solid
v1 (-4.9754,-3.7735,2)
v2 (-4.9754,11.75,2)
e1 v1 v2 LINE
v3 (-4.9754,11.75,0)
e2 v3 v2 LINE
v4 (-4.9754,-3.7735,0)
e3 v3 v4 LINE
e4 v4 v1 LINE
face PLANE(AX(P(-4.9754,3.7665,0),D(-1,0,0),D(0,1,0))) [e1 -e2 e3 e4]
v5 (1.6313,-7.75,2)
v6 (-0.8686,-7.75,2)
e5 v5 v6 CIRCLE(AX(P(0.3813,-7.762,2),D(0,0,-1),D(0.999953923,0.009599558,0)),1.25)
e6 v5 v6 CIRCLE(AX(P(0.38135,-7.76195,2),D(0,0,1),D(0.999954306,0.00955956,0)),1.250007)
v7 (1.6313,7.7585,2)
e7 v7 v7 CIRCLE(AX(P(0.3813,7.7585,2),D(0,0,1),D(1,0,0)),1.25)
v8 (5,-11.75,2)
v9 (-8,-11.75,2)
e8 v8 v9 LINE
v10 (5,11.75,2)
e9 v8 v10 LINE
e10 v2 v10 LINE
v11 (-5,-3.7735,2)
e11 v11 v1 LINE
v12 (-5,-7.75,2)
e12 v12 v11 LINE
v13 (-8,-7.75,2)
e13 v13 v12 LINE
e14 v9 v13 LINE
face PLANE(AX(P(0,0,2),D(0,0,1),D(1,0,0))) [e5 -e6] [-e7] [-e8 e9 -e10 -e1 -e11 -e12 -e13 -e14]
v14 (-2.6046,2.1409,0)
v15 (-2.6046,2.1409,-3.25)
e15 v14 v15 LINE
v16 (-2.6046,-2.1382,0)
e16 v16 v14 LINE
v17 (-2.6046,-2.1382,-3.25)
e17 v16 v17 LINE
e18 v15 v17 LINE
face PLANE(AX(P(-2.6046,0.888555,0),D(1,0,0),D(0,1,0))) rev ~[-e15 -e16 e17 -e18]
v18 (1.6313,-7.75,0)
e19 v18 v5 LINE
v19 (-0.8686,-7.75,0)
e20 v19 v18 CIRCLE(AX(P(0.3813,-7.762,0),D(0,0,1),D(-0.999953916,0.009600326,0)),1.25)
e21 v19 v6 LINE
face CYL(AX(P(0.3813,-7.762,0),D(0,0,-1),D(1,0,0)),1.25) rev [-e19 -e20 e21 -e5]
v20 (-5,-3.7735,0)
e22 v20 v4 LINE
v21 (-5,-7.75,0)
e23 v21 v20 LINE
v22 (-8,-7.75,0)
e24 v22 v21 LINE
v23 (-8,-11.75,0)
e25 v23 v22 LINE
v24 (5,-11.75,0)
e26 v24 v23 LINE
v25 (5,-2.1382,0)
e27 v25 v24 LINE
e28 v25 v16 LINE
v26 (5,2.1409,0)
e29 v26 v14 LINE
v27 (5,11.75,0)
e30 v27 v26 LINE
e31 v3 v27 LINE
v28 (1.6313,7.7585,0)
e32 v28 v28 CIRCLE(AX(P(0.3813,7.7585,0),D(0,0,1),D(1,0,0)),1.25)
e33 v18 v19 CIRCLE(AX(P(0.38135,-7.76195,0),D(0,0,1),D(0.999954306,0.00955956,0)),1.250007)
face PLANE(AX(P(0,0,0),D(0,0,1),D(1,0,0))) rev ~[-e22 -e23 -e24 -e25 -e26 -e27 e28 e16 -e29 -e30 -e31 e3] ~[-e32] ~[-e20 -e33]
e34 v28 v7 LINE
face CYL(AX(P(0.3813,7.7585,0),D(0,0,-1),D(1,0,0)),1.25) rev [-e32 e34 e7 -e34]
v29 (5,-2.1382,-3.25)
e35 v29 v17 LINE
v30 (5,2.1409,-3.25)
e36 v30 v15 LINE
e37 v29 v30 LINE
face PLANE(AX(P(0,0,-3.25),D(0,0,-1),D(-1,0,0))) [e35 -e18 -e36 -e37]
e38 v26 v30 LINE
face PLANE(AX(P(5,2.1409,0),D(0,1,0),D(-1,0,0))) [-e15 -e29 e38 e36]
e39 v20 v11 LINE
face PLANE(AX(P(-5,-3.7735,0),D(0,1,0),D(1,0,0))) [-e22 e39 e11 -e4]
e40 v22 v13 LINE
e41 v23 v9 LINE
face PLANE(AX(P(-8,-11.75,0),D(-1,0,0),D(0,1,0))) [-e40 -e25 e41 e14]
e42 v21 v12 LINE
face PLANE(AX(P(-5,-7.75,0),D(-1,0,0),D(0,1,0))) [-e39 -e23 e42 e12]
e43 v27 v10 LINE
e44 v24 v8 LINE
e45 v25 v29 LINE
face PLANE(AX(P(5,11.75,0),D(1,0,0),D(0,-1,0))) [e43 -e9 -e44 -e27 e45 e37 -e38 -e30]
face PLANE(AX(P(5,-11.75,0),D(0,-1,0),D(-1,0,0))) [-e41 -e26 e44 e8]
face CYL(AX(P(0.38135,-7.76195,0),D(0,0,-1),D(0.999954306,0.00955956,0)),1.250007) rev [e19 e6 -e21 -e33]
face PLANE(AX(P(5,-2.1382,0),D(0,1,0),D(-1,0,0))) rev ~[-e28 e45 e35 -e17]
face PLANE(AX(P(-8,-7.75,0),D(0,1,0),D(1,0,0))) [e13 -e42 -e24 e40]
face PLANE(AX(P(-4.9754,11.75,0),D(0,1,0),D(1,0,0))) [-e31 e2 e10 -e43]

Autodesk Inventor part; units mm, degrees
ref_plane "YZ Plane" through (0, 0, 0) normal (1, 0, 0) x (0, 1, 0)
ref_plane "XZ Plane" through (0, 0, 0) normal (0, 1, 0) x (-1, 0, 0)
sketch "Эскиз1" plane through (0, 0, 0) normal (0, 0, 1) x (1, 0, 0)
  circle A0 centre (0.3813, 7.7585) radius 1.25 projected
  line L0 (-4.9754, 3.7665) -> (-4.9754, 11.75) projected
  line L1 (5, 3.7665) -> (-4.9754, 3.7665) projected
  line L2 (5, 11.75) -> (5, 3.7665) projected
  line L3 (-4.9754, 11.75) -> (5, 11.75) projected
  arc A1 (1.6313, -7.75) -> (-0.8686, -7.75) centre (0.3813, -7.762) ccw projected
  line L4 (-0.8686, -7.75) -> (1.6313, -7.75) projected
  line L5 (5, -11.75) -> (-8, -11.75) projected
  line L6 (5, -3.7735) -> (5, -11.75) projected
  line L7 (-5, -3.7735) -> (5, -3.7735) projected
  line L8 (-5, -7.75) -> (-5, -3.7735) projected
  line L9 (-8, -7.75) -> (-5, -7.75) projected
  line L10 (-8, -11.75) -> (-8, -7.75) projected
  line L11 (3.0114, -0.7535) -> (3.0052, -0.7535) projected
  line L12 (3.0114, -0.7535) -> (3.0114, -0.7535) projected
  arc A2 (3.5595, -1.3518) -> (3.0114, -0.7535) centre (3.0062, -1.3085) ccw projected
  arc A3 (3.5595, -1.3518) -> (3.709, -1.5135) centre (3.709, -1.3635) ccw projected
  line L13 (4.3002, -1.5135) -> (3.709, -1.5135) projected
  arc A4 (4.3002, -1.5135) -> (4.4502, -1.3635) centre (4.3002, -1.3635) ccw projected
  line L14 (4.4502, -1.2761) -> (4.4502, -1.3635) projected
  line L15 (4.4521, -1.2761) -> (4.4502, -1.2761) projected
  arc A5 (5, -0.7535) -> (4.4521, -1.2761) centre (5.0062, -1.3085) ccw projected
  line L16 (5, 0.7465) -> (5, -0.7535) projected
  arc A6 (4.4521, 1.2691) -> (5, 0.7465) centre (5.0062, 1.3015) ccw projected
  line L17 (4.4502, 1.2691) -> (4.4521, 1.2691) projected
  line L18 (4.4502, 1.3565) -> (4.4502, 1.2691) projected
  arc A7 (4.4502, 1.3565) -> (4.3002, 1.5065) centre (4.3002, 1.3565) ccw projected
  line L19 (3.709, 1.5065) -> (4.3002, 1.5065) projected
  arc A8 (3.709, 1.5065) -> (3.5595, 1.3448) centre (3.709, 1.3565) ccw projected
  arc A9 (3.0114, 0.7465) -> (3.5595, 1.3448) centre (3.0062, 1.3015) ccw projected
  line L20 (3.0114, 0.7465) -> (3.0114, 0.7465) projected
  line L21 (3.0052, 0.7465) -> (3.0114, 0.7465) projected
  line L22 (3.0052, 0.7465) -> (3.0052, 0.7465) projected
  arc A10 (2.4583, 1.2691) -> (3.0052, 0.7465) centre (3.0123, 1.3015) ccw projected
  line L23 (2.4564, 1.2691) -> (2.4583, 1.2691) projected
  line L24 (2.4564, 1.3565) -> (2.4564, 1.2691) projected
  arc A11 (2.4564, 1.3565) -> (2.3064, 1.5065) centre (2.3064, 1.3565) ccw projected
  line L25 (1.7152, 1.5065) -> (2.3064, 1.5065) projected
  arc A12 (1.7152, 1.5065) -> (1.5656, 1.3448) centre (1.7152, 1.3565) ccw projected
  arc A13 (1.0175, 0.7465) -> (1.5656, 1.3448) centre (1.0123, 1.3015) ccw projected
  line L26 (1.0175, 0.7465) -> (1.0175, 0.7465) projected
  line L27 (1.0114, 0.7465) -> (1.0175, 0.7465) projected
  line L28 (1.0114, 0.7465) -> (1.0114, 0.7465) projected
  arc A14 (0.4644, 1.2691) -> (1.0114, 0.7465) centre (1.0185, 1.3015) ccw projected
  line L29 (0.4625, 1.2691) -> (0.4644, 1.2691) projected
  line L30 (0.4625, 1.3565) -> (0.4625, 1.2691) projected
  arc A15 (0.4625, 1.3565) -> (0.3125, 1.5065) centre (0.3125, 1.3565) ccw projected
  line L31 (-0.2787, 1.5065) -> (0.3125, 1.5065) projected
  arc A16 (-0.2787, 1.5065) -> (-0.4282, 1.3448) centre (-0.2787, 1.3565) ccw projected
  arc A17 (-0.9763, 0.7465) -> (-0.4282, 1.3448) centre (-0.9815, 1.3015) ccw projected
  line L32 (-0.9763, 0.7465) -> (-0.9763, 0.7465) projected
  line L33 (-0.9825, 0.7465) -> (-0.9763, 0.7465) projected
  line L34 (-0.9825, 0.7465) -> (-0.9825, 0.7465) projected
  arc A18 (-1.5294, 1.2691) -> (-0.9825, 0.7465) centre (-0.9754, 1.3015) ccw projected
  line L35 (-1.5313, 1.2691) -> (-1.5294, 1.2691) projected
  line L36 (-1.5313, 1.3565) -> (-1.5313, 1.2691) projected
  arc A19 (-1.5313, 1.3565) -> (-1.6813, 1.5065) centre (-1.6813, 1.3565) ccw projected
  line L37 (-2.2725, 1.5065) -> (-1.6813, 1.5065) projected
  arc A20 (-2.2725, 1.5065) -> (-2.4221, 1.3448) centre (-2.2725, 1.3565) ccw projected
  arc A21 (-2.9754, 0.7465) -> (-2.4221, 1.3448) centre (-2.9754, 1.3015) ccw projected
  line L38 (-2.9754, 0.7465) -> (-2.9754, 2.2665) projected
  line L39 (5, 2.2665) -> (-2.9754, 2.2665) projected
  line L40 (5, 3.7665) -> (5, 2.2665) projected
  line L41 (-4.9754, 3.7665) -> (5, 3.7665) projected
  line L42 (-4.9754, -3.7735) -> (-4.9754, 3.7665) projected
  line L43 (5, -3.7735) -> (-4.9754, -3.7735) projected
  line L44 (5, -2.2735) -> (5, -3.7735) projected
  line L45 (-2.9754, -2.2735) -> (5, -2.2735) projected
  line L46 (-2.9754, -2.2735) -> (-2.9754, -0.7535) projected
  arc A22 (-2.4221, -1.3518) -> (-2.9754, -0.7535) centre (-2.9754, -1.3085) ccw projected
  arc A23 (-2.4221, -1.3518) -> (-2.2725, -1.5135) centre (-2.2725, -1.3635) ccw projected
  line L47 (-1.6813, -1.5135) -> (-2.2725, -1.5135) projected
  arc A24 (-1.6813, -1.5135) -> (-1.5313, -1.3635) centre (-1.6813, -1.3635) ccw projected
  line L48 (-1.5313, -1.2761) -> (-1.5313, -1.3635) projected
  line L49 (-1.5294, -1.2761) -> (-1.5313, -1.2761) projected
  arc A25 (-0.9825, -0.7535) -> (-1.5294, -1.2761) centre (-0.9754, -1.3085) ccw projected
  line L50 (-0.9825, -0.7535) -> (-0.9825, -0.7535) projected
  line L51 (-0.9763, -0.7535) -> (-0.9825, -0.7535) projected
  line L52 (-0.9763, -0.7535) -> (-0.9763, -0.7535) projected
  arc A26 (-0.4282, -1.3518) -> (-0.9763, -0.7535) centre (-0.9815, -1.3085) ccw projected
  arc A27 (-0.4282, -1.3518) -> (-0.2787, -1.5135) centre (-0.2787, -1.3635) ccw projected
  line L53 (0.3125, -1.5135) -> (-0.2787, -1.5135) projected
  arc A28 (0.3125, -1.5135) -> (0.4625, -1.3635) centre (0.3125, -1.3635) ccw projected
  line L54 (0.4625, -1.2761) -> (0.4625, -1.3635) projected
  line L55 (0.4644, -1.2761) -> (0.4625, -1.2761) projected
  arc A29 (1.0114, -0.7535) -> (0.4644, -1.2761) centre (1.0185, -1.3085) ccw projected
  line L56 (1.0114, -0.7535) -> (1.0114, -0.7535) projected
  line L57 (1.0175, -0.7535) -> (1.0114, -0.7535) projected
  line L58 (1.0175, -0.7535) -> (1.0175, -0.7535) projected
  arc A30 (1.5656, -1.3518) -> (1.0175, -0.7535) centre (1.0123, -1.3085) ccw projected
  arc A31 (1.5656, -1.3518) -> (1.7152, -1.5135) centre (1.7152, -1.3635) ccw projected
  line L59 (2.3064, -1.5135) -> (1.7152, -1.5135) projected
  arc A32 (2.3064, -1.5135) -> (2.4564, -1.3635) centre (2.3064, -1.3635) ccw projected
  line L60 (2.4564, -1.2761) -> (2.4564, -1.3635) projected
  line L61 (2.4583, -1.2761) -> (2.4564, -1.2761) projected
  arc A33 (3.0052, -0.7535) -> (2.4583, -1.2761) centre (3.0123, -1.3085) ccw projected
  line L62 (3.0052, -0.7535) -> (3.0052, -0.7535) projected
  circle A34 centre (0.3813, -7.762) radius 1.25
  line L63 (5, 2.2665) -> (5, -2.2735)
  point P0 (0, 0)
  point P1 (5, -0.7535)
  point P2 (-0.8686, -7.75)
extrude "Выдавливание1" add sketch "Эскиз1" along normal blind 2
sketch "Эскиз2" plane through (0, 0, 0) normal (0, 0, -1) x (-1, 0, 0)
  line L0 (-5, 2.2665) -> (-5, 0.7465) projected
  line L1 (-3.0114, -0.7535) -> (-3.0052, -0.7535) projected
  line L2 (-3.0114, -0.7535) -> (-3.0114, -0.7535) projected
  arc A0 (-3.0114, -0.7535) -> (-3.5595, -1.3518) centre (-3.0062, -1.3085) ccw projected
  arc A1 (-3.709, -1.5135) -> (-3.5595, -1.3518) centre (-3.709, -1.3635) ccw projected
  line L3 (-4.3002, -1.5135) -> (-3.709, -1.5135) projected
  arc A2 (-4.4502, -1.3635) -> (-4.3002, -1.5135) centre (-4.3002, -1.3635) ccw projected
  line L4 (-4.4502, -1.2761) -> (-4.4502, -1.3635) projected
  line L5 (-4.4521, -1.2761) -> (-4.4502, -1.2761) projected
  arc A3 (-4.4521, -1.2761) -> (-5, -0.7535) centre (-5.0062, -1.3085) ccw projected
  line L6 (-5, 0.7465) -> (-5, -0.7535) projected
  arc A4 (-5, 0.7465) -> (-4.4521, 1.2691) centre (-5.0062, 1.3015) ccw projected
  line L7 (-4.4502, 1.2691) -> (-4.4521, 1.2691) projected
  line L8 (-4.4502, 1.3565) -> (-4.4502, 1.2691) projected
  arc A5 (-4.3002, 1.5065) -> (-4.4502, 1.3565) centre (-4.3002, 1.3565) ccw projected
  line L9 (-3.709, 1.5065) -> (-4.3002, 1.5065) projected
  arc A6 (-3.5595, 1.3448) -> (-3.709, 1.5065) centre (-3.709, 1.3565) ccw projected
  arc A7 (-3.5595, 1.3448) -> (-3.0114, 0.7465) centre (-3.0062, 1.3015) ccw projected
  line L10 (-3.0114, 0.7465) -> (-3.0114, 0.7465) projected
  line L11 (-3.0052, 0.7465) -> (-3.0114, 0.7465) projected
  line L12 (-3.0052, 0.7465) -> (-3.0052, 0.7465) projected
  arc A8 (-3.0052, 0.7465) -> (-2.4583, 1.2691) centre (-3.0123, 1.3015) ccw projected
  line L13 (-2.4564, 1.2691) -> (-2.4583, 1.2691) projected
  line L14 (-2.4564, 1.3565) -> (-2.4564, 1.2691) projected
  arc A9 (-2.3064, 1.5065) -> (-2.4564, 1.3565) centre (-2.3064, 1.3565) ccw projected
  line L15 (-1.7152, 1.5065) -> (-2.3064, 1.5065) projected
  arc A10 (-1.5656, 1.3448) -> (-1.7152, 1.5065) centre (-1.7152, 1.3565) ccw projected
  arc A11 (-1.5656, 1.3448) -> (-1.0175, 0.7465) centre (-1.0123, 1.3015) ccw projected
  line L16 (-1.0175, 0.7465) -> (-1.0175, 0.7465) projected
  line L17 (-1.0114, 0.7465) -> (-1.0175, 0.7465) projected
  line L18 (-1.0114, 0.7465) -> (-1.0114, 0.7465) projected
  arc A12 (-1.0114, 0.7465) -> (-0.4644, 1.2691) centre (-1.0185, 1.3015) ccw projected
  line L19 (-0.4625, 1.2691) -> (-0.4644, 1.2691) projected
  line L20 (-0.4625, 1.3565) -> (-0.4625, 1.2691) projected
  arc A13 (-0.3125, 1.5065) -> (-0.4625, 1.3565) centre (-0.3125, 1.3565) ccw projected
  line L21 (0.2787, 1.5065) -> (-0.3125, 1.5065) projected
  arc A14 (0.4282, 1.3448) -> (0.2787, 1.5065) centre (0.2787, 1.3565) ccw projected
  arc A15 (0.4282, 1.3448) -> (0.9763, 0.7465) centre (0.9815, 1.3015) ccw projected
  line L22 (0.9763, 0.7465) -> (0.9763, 0.7465) projected
  line L23 (0.9825, 0.7465) -> (0.9763, 0.7465) projected
  line L24 (0.9825, 0.7465) -> (0.9825, 0.7465) projected
  arc A16 (0.9825, 0.7465) -> (1.5294, 1.2691) centre (0.9754, 1.3015) ccw projected
  line L25 (1.5313, 1.2691) -> (1.5294, 1.2691) projected
  line L26 (1.5313, 1.3565) -> (1.5313, 1.2691) projected
  arc A17 (1.6813, 1.5065) -> (1.5313, 1.3565) centre (1.6813, 1.3565) ccw projected
  line L27 (2.2725, 1.5065) -> (1.6813, 1.5065) projected
  arc A18 (2.4221, 1.3448) -> (2.2725, 1.5065) centre (2.2725, 1.3565) ccw projected
  arc A19 (2.4221, 1.3448) -> (2.9754, 0.7465) centre (2.9754, 1.3015) ccw projected
  line L28 (2.9754, 0.7465) -> (2.9754, 2.2665) projected
  line L29 (-5, 2.2665) -> (2.9754, 2.2665) projected
  line L30 (-5, 3.7665) -> (-5, 2.2665) projected
  line L31 (4.9754, 3.7665) -> (-5, 3.7665) projected
  line L32 (4.9754, -3.7735) -> (4.9754, 3.7665) projected
  line L33 (-5, -3.7735) -> (4.9754, -3.7735) projected
  line L34 (-5, -2.2735) -> (-5, -3.7735) projected
  line L35 (2.9754, -2.2735) -> (-5, -2.2735) projected
  line L36 (2.9754, -2.2735) -> (2.9754, -0.7535) projected
  arc A20 (2.9754, -0.7535) -> (2.4221, -1.3518) centre (2.9754, -1.3085) ccw projected
  arc A21 (2.2725, -1.5135) -> (2.4221, -1.3518) centre (2.2725, -1.3635) ccw projected
  line L37 (1.6813, -1.5135) -> (2.2725, -1.5135) projected
  arc A22 (1.5313, -1.3635) -> (1.6813, -1.5135) centre (1.6813, -1.3635) ccw projected
  line L38 (1.5313, -1.2761) -> (1.5313, -1.3635) projected
  line L39 (1.5294, -1.2761) -> (1.5313, -1.2761) projected
  arc A23 (1.5294, -1.2761) -> (0.9825, -0.7535) centre (0.9754, -1.3085) ccw projected
  line L40 (0.9825, -0.7535) -> (0.9825, -0.7535) projected
  line L41 (0.9763, -0.7535) -> (0.9825, -0.7535) projected
  line L42 (0.9763, -0.7535) -> (0.9763, -0.7535) projected
  arc A24 (0.9763, -0.7535) -> (0.4282, -1.3518) centre (0.9815, -1.3085) ccw projected
  arc A25 (0.2787, -1.5135) -> (0.4282, -1.3518) centre (0.2787, -1.3635) ccw projected
  line L43 (-0.3125, -1.5135) -> (0.2787, -1.5135) projected
  arc A26 (-0.4625, -1.3635) -> (-0.3125, -1.5135) centre (-0.3125, -1.3635) ccw projected
  line L44 (-0.4625, -1.2761) -> (-0.4625, -1.3635) projected
  line L45 (-0.4644, -1.2761) -> (-0.4625, -1.2761) projected
  arc A27 (-0.4644, -1.2761) -> (-1.0114, -0.7535) centre (-1.0185, -1.3085) ccw projected
  line L46 (-1.0114, -0.7535) -> (-1.0114, -0.7535) projected
  line L47 (-1.0175, -0.7535) -> (-1.0114, -0.7535) projected
  line L48 (-1.0175, -0.7535) -> (-1.0175, -0.7535) projected
  arc A28 (-1.0175, -0.7535) -> (-1.5656, -1.3518) centre (-1.0123, -1.3085) ccw projected
  arc A29 (-1.7152, -1.5135) -> (-1.5656, -1.3518) centre (-1.7152, -1.3635) ccw projected
  line L49 (-2.3064, -1.5135) -> (-1.7152, -1.5135) projected
  arc A30 (-2.4564, -1.3635) -> (-2.3064, -1.5135) centre (-2.3064, -1.3635) ccw projected
  line L50 (-2.4564, -1.2761) -> (-2.4564, -1.3635) projected
  line L51 (-2.4583, -1.2761) -> (-2.4564, -1.2761) projected
  arc A31 (-2.4583, -1.2761) -> (-3.0052, -0.7535) centre (-3.0123, -1.3085) ccw projected
  line L52 (-3.0052, -0.7535) -> (-3.0052, -0.7535) projected
  line L53 (-5, -11.75) -> (-5, 11.75) projected
  line L54 (-5, -2.1382) -> (-5, 2.1409)
  line L55 (-5, -2.1382) -> (2.6046, -2.1382)
  line L56 (2.6046, -2.1382) -> (2.6046, 2.1409)
  line L57 (-5, 2.1409) -> (2.6046, 2.1409)
  line L58 (-5, -11.75) -> (-5, 11.75) projected
  point P0 (0, 0)
ref_plane "РабПлоскость1" through (-4.9754, -3.7735, -3.25) normal (0, 0, 1) x (1, 0, 0)
extrude "Выдавливание2" add sketch "Эскиз2" along normal up to surface (3.25 mm away) contours L57 L56 A19 A18 L27 A17 L26 A16 L23 A15 A14 L21 A13 L20 A12 L17 A11 A10 L15 A9 L14 A8 L11 A7 A6 L9 A5 L8 A4 L0 | A4 L8 A5 L9 A6 A7 L11 A8 L14 A9 L15 A10 A11 L17 A12 L20 A13 L21 A14 A15 L23 A16 L26 A17 L27 A18 A19 L56 A20 A21 L37 A22 L38 A23 L41 A24 A25 L43 A26 L44 A27 L47 A28 A29 L49 A30 L50 A31 L1 A0 A1 L3 A2 L4 A3 L6 | A3 L4 A2 L3 A1 A0 L1 A31 L50 A30 L49 A29 A28 L47 A27 L44 A26 L43 A25 A24 L41 A23 L38 A22 L37 A21 A20 L56 L55 L53
properties part number "крышка"
